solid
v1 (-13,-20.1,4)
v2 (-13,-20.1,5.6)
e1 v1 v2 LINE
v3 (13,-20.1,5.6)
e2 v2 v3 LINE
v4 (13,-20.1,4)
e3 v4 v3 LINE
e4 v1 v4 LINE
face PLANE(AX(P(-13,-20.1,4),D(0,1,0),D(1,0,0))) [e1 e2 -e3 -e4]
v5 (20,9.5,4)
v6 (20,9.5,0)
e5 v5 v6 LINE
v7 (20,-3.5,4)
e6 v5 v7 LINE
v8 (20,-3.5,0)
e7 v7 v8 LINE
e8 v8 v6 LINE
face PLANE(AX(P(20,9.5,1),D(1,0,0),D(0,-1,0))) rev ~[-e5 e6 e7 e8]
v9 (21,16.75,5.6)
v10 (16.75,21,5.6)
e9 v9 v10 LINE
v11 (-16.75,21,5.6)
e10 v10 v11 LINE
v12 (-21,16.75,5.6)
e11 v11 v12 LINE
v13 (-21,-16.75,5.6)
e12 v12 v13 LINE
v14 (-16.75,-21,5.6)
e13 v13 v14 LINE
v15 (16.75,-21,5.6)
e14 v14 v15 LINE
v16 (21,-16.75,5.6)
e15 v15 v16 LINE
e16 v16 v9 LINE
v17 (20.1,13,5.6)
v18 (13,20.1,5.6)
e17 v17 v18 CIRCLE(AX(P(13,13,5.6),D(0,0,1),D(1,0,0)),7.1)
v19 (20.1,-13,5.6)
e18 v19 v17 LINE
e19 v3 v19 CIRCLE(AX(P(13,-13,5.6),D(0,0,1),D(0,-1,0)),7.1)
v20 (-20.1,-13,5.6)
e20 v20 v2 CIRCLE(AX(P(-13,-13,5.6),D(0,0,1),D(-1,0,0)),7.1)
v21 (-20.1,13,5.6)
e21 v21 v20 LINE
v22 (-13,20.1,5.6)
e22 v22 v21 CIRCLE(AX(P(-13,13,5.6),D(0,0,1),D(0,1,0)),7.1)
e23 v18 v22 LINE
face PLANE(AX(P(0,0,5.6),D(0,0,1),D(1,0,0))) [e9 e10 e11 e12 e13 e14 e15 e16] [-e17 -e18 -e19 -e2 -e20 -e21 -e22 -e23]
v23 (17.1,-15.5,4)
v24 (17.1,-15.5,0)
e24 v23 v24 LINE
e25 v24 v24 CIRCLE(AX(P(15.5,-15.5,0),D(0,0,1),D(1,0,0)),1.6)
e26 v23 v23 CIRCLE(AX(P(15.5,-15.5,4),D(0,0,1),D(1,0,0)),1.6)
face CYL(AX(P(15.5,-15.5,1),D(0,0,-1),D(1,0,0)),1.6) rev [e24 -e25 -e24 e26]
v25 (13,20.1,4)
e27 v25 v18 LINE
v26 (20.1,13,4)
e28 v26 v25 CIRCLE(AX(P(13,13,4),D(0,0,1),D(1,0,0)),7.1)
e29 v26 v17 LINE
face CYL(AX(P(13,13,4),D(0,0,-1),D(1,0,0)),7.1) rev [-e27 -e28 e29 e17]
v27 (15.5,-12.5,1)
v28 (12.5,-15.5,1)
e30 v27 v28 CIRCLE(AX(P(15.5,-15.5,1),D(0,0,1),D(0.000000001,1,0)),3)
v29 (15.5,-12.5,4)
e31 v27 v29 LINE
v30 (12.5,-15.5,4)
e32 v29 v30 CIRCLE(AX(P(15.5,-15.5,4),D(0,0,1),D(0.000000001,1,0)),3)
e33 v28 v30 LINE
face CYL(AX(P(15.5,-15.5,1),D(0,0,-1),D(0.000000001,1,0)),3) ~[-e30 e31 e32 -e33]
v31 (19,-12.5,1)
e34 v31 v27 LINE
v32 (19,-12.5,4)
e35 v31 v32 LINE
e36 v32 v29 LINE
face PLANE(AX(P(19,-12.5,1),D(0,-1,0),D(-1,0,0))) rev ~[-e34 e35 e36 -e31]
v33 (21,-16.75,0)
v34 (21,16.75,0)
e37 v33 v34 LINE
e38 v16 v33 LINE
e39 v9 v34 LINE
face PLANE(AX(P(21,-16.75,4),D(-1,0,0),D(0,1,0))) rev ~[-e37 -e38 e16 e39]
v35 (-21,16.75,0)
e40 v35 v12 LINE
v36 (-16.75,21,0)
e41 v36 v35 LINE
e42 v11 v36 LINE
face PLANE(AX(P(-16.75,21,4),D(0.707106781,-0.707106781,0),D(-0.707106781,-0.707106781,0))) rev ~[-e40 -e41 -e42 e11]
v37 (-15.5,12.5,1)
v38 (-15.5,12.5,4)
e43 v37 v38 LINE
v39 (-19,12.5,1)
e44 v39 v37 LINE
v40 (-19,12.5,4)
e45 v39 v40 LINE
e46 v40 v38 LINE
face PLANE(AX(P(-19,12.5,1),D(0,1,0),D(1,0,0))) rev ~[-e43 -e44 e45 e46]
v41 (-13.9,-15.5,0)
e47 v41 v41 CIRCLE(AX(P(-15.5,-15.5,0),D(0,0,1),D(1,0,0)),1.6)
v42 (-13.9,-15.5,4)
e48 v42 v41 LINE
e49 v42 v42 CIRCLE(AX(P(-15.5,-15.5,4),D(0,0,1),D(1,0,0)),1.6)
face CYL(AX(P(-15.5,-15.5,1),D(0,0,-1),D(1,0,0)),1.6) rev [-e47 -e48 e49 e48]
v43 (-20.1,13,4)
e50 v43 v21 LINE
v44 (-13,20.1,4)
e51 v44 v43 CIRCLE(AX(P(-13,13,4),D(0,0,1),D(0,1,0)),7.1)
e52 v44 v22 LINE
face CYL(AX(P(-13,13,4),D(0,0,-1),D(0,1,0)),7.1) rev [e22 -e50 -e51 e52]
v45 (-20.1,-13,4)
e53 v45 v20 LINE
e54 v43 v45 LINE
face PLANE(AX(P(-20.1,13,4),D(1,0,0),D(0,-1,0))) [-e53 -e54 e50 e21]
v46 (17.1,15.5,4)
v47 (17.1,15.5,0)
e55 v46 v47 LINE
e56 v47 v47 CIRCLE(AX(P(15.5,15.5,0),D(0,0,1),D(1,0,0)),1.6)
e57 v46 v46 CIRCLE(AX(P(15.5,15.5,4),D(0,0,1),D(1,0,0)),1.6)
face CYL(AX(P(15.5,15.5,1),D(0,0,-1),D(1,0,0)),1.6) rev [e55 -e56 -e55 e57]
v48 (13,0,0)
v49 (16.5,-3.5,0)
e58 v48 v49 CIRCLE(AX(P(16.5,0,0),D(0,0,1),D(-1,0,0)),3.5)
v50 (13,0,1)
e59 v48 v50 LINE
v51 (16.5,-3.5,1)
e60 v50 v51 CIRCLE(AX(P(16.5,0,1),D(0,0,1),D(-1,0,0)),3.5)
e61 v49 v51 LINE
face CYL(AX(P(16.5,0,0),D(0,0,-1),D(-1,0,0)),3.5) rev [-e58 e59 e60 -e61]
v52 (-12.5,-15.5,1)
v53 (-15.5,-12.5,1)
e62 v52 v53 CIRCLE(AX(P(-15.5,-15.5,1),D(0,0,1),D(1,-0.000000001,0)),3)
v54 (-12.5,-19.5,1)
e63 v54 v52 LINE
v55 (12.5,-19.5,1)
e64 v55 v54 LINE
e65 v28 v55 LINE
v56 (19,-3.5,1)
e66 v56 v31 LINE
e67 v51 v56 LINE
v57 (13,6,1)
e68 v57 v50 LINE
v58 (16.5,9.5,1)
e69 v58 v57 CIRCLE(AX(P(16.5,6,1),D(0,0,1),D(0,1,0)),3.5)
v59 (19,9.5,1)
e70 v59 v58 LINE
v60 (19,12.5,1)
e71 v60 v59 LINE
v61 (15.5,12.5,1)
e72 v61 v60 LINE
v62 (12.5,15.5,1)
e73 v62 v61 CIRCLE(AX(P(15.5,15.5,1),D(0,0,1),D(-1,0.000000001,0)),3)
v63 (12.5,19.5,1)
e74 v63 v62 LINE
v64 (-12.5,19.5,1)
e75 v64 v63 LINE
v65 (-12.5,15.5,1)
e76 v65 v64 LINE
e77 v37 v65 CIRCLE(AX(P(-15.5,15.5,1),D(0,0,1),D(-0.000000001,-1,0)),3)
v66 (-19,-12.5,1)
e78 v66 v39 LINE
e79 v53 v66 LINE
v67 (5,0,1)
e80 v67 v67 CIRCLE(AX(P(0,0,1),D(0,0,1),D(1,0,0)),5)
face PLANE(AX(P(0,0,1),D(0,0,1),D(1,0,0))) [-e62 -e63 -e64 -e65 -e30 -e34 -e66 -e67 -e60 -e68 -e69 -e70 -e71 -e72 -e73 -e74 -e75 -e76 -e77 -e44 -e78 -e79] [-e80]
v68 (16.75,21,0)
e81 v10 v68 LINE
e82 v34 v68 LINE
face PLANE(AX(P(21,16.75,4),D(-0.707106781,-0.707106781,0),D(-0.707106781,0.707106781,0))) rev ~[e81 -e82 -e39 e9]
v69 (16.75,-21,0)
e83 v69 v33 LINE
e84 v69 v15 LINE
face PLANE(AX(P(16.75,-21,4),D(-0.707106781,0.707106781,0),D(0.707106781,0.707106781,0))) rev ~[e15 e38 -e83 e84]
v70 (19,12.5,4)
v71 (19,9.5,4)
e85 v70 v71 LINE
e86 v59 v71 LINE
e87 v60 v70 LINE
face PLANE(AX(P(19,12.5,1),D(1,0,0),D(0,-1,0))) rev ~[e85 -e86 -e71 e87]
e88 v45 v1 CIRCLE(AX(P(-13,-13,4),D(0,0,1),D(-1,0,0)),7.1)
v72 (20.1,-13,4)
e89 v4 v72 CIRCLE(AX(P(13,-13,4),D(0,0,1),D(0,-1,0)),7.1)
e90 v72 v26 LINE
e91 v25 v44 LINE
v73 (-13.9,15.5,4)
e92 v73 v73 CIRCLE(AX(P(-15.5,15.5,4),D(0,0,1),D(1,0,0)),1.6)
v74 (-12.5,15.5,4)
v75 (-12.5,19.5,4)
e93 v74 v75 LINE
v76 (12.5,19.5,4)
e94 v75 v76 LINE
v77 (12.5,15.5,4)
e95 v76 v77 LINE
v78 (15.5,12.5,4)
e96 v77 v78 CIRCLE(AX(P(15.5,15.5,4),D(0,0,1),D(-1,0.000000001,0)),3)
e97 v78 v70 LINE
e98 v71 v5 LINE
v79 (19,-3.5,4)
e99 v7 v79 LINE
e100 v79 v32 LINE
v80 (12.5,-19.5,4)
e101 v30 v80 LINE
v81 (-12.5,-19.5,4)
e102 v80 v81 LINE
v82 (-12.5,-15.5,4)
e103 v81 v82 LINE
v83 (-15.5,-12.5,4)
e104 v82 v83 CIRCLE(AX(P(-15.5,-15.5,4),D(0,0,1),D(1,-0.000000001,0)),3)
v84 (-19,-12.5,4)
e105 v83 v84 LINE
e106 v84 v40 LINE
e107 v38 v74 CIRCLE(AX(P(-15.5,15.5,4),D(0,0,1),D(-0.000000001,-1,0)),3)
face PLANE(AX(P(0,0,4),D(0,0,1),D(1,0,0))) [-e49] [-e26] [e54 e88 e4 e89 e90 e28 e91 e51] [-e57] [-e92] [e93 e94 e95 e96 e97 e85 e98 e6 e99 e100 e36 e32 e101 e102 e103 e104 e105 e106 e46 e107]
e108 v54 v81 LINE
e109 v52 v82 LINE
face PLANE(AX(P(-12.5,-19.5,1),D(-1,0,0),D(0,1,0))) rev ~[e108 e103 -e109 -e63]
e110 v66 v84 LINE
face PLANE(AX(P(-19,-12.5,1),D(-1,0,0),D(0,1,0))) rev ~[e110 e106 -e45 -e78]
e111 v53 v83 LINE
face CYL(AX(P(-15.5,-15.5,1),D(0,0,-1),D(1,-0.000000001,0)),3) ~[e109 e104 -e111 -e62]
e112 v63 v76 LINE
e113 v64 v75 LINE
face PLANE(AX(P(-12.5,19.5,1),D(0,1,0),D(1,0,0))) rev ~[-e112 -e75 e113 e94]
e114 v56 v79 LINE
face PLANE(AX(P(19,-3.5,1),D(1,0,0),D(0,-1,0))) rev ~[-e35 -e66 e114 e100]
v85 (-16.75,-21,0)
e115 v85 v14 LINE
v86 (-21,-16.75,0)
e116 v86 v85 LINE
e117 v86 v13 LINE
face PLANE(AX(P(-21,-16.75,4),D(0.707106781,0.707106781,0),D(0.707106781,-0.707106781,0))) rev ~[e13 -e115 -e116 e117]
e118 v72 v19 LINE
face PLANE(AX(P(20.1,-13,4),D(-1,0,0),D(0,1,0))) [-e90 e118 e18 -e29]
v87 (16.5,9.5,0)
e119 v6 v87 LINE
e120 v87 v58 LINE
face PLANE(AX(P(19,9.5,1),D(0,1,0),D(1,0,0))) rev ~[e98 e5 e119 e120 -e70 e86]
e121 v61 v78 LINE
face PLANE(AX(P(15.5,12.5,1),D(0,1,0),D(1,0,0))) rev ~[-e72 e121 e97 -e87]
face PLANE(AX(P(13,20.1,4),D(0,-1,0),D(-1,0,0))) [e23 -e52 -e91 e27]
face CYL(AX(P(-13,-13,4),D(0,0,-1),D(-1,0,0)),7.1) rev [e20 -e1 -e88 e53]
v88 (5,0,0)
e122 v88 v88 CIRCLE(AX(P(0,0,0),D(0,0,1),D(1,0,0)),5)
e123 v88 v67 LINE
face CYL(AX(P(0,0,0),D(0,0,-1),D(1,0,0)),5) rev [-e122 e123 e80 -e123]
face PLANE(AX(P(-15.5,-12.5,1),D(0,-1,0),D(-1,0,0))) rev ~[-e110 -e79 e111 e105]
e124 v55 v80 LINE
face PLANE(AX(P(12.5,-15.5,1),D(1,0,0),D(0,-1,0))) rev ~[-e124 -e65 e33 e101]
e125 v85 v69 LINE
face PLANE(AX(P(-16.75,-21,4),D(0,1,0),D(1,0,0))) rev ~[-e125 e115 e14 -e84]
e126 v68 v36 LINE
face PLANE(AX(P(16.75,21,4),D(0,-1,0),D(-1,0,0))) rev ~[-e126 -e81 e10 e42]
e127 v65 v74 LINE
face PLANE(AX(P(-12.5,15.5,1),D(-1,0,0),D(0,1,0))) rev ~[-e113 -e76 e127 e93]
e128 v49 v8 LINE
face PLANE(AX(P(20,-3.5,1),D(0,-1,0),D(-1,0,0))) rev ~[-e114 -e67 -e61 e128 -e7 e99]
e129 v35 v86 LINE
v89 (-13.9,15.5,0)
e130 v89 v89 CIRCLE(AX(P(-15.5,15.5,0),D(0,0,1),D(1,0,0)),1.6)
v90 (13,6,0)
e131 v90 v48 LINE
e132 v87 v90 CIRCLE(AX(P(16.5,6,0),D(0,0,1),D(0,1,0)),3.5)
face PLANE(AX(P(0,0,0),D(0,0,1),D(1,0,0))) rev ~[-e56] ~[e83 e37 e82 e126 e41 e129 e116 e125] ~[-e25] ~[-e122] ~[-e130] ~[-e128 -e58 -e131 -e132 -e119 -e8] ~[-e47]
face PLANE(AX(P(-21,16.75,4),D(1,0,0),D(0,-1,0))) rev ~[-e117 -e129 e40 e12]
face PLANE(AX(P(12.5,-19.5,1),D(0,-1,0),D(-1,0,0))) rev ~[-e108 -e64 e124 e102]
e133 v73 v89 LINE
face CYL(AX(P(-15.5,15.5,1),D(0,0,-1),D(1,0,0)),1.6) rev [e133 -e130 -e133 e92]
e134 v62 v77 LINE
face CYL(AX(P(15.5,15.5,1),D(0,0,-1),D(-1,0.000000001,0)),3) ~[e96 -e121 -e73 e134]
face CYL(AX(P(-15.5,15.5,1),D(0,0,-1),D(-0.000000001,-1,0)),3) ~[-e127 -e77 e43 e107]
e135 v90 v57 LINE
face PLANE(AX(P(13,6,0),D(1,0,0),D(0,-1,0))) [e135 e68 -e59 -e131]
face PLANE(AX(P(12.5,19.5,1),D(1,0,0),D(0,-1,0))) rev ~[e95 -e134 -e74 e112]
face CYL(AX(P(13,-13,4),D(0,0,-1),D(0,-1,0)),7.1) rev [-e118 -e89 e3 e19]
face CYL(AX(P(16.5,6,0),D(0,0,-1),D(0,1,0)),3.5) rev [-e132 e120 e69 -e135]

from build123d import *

# Parameters (mm, degrees)
SKETCH_1_R      = 5
SKETCH_1_R_2    = 1.6
EXTRUDE_3_DEPTH = 1
SKETCH_3_R      = 1.6
EXTRUDE_4_DEPTH = 3
EXTRUDE_5_DEPTH = 1.6


with BuildPart() as part:
    # 草图1 → 凸台-拉伸3 (new body)
    with BuildSketch(Plane.XY):
        Polygon((-21, 16.75), (-21, -16.75), (-16.75, -21), (16.75, -21), (21, -16.75), (21, 16.75), (16.75, 21), (-16.75, 21), align=None)
        Circle(SKETCH_1_R, mode=Mode.SUBTRACT)
        with Locations((-15.5, 15.5)):
            Circle(SKETCH_1_R_2, mode=Mode.SUBTRACT)
        with Locations((15.5, 15.5)):
            Circle(SKETCH_1_R_2, mode=Mode.SUBTRACT)
        with Locations((-15.5, -15.5)):
            Circle(SKETCH_1_R_2, mode=Mode.SUBTRACT)
        with Locations((15.5, -15.5)):
            Circle(SKETCH_1_R_2, mode=Mode.SUBTRACT)
        with BuildLine():
            Line((13, 6), (13, 0))
            ThreePointArc((13, 0), (14.025126266, -2.474873734), (16.5, -3.5))
            Line((16.5, -3.5), (20, -3.5))
            Line((20, -3.5), (20, 9.5))
            Line((20, 9.5), (16.5, 9.5))
            ThreePointArc((16.5, 9.5), (14.025126266, 8.474873734), (13, 6))
        make_face(mode=Mode.SUBTRACT)
    extrude(amount=EXTRUDE_3_DEPTH)

    # 草图3 → 凸台-拉伸4 (add)
    with BuildSketch(Plane.XY.offset(1)):
        Polygon((-16.75, 21), (-21, 16.75), (-21, -16.75), (-16.75, -21), (16.75, -21), (21, -16.75), (21, 16.75), (16.75, 21), align=None)
        with Locations((-15.5, 15.5)):
            Circle(SKETCH_3_R, mode=Mode.SUBTRACT)
        with Locations((15.5, 15.5)):
            Circle(SKETCH_3_R, mode=Mode.SUBTRACT)
        with Locations((-15.5, -15.5)):
            Circle(SKETCH_3_R, mode=Mode.SUBTRACT)
        with Locations((15.5, -15.5)):
            Circle(SKETCH_3_R, mode=Mode.SUBTRACT)
        with BuildLine():
            Line((-12.5, 15.5), (-12.5, 19.5))
            Line((-12.5, 19.5), (12.5, 19.5))
            Line((12.5, 19.5), (12.5, 15.5))
            ThreePointArc((12.5, 15.5), (13.378679656, 13.378679656), (15.5, 12.5))
            Line((15.5, 12.5), (19, 12.5))
            Line((19, 12.5), (19, 9.5))
            Line((19, 9.5), (20, 9.5))
            Line((20, 9.5), (20, -3.5))
            Line((20, -3.5), (19, -3.5))
            Line((19, -3.5), (19, -12.5))
            Line((19, -12.5), (15.5, -12.5))
            ThreePointArc((15.5, -12.5), (13.378679656, -13.378679656), (12.5, -15.5))
            Line((12.5, -15.5), (12.5, -19.5))
            Line((12.5, -19.5), (-12.5, -19.5))
            Line((-12.5, -19.5), (-12.5, -15.5))
            ThreePointArc((-12.5, -15.5), (-13.378679656, -13.378679656), (-15.5, -12.5))
            Line((-15.5, -12.5), (-19, -12.5))
            Line((-19, -12.5), (-19, 12.5))
            Line((-19, 12.5), (-15.5, 12.5))
            ThreePointArc((-15.5, 12.5), (-13.378679656, 13.378679656), (-12.5, 15.5))
        make_face(mode=Mode.SUBTRACT)
    extrude(amount=EXTRUDE_4_DEPTH)

    # 草图4 → 凸台-拉伸5 (add)
    with BuildSketch(Plane.XY.offset(4)):
        Polygon((-16.75, 21), (-21, 16.75), (-21, -16.75), (-16.75, -21), (16.75, -21), (21, -16.75), (21, 16.75), (16.75, 21), align=None)
        with BuildLine():
            Line((-20.1, 13), (-20.1, -13))
            ThreePointArc((-20.1, -13), (-18.020458146, -18.020458146), (-13, -20.1))
            Line((-13, -20.1), (13, -20.1))
            ThreePointArc((13, -20.1), (18.020458146, -18.020458146), (20.1, -13))
            Line((20.1, -13), (20.1, 13))
            ThreePointArc((20.1, 13), (18.020458146, 18.020458146), (13, 20.1))
            Line((13, 20.1), (-13, 20.1))
            ThreePointArc((-13, 20.1), (-18.020458146, 18.020458146), (-20.1, 13))
        make_face(mode=Mode.SUBTRACT)
    extrude(amount=EXTRUDE_5_DEPTH)


solid = part.part
